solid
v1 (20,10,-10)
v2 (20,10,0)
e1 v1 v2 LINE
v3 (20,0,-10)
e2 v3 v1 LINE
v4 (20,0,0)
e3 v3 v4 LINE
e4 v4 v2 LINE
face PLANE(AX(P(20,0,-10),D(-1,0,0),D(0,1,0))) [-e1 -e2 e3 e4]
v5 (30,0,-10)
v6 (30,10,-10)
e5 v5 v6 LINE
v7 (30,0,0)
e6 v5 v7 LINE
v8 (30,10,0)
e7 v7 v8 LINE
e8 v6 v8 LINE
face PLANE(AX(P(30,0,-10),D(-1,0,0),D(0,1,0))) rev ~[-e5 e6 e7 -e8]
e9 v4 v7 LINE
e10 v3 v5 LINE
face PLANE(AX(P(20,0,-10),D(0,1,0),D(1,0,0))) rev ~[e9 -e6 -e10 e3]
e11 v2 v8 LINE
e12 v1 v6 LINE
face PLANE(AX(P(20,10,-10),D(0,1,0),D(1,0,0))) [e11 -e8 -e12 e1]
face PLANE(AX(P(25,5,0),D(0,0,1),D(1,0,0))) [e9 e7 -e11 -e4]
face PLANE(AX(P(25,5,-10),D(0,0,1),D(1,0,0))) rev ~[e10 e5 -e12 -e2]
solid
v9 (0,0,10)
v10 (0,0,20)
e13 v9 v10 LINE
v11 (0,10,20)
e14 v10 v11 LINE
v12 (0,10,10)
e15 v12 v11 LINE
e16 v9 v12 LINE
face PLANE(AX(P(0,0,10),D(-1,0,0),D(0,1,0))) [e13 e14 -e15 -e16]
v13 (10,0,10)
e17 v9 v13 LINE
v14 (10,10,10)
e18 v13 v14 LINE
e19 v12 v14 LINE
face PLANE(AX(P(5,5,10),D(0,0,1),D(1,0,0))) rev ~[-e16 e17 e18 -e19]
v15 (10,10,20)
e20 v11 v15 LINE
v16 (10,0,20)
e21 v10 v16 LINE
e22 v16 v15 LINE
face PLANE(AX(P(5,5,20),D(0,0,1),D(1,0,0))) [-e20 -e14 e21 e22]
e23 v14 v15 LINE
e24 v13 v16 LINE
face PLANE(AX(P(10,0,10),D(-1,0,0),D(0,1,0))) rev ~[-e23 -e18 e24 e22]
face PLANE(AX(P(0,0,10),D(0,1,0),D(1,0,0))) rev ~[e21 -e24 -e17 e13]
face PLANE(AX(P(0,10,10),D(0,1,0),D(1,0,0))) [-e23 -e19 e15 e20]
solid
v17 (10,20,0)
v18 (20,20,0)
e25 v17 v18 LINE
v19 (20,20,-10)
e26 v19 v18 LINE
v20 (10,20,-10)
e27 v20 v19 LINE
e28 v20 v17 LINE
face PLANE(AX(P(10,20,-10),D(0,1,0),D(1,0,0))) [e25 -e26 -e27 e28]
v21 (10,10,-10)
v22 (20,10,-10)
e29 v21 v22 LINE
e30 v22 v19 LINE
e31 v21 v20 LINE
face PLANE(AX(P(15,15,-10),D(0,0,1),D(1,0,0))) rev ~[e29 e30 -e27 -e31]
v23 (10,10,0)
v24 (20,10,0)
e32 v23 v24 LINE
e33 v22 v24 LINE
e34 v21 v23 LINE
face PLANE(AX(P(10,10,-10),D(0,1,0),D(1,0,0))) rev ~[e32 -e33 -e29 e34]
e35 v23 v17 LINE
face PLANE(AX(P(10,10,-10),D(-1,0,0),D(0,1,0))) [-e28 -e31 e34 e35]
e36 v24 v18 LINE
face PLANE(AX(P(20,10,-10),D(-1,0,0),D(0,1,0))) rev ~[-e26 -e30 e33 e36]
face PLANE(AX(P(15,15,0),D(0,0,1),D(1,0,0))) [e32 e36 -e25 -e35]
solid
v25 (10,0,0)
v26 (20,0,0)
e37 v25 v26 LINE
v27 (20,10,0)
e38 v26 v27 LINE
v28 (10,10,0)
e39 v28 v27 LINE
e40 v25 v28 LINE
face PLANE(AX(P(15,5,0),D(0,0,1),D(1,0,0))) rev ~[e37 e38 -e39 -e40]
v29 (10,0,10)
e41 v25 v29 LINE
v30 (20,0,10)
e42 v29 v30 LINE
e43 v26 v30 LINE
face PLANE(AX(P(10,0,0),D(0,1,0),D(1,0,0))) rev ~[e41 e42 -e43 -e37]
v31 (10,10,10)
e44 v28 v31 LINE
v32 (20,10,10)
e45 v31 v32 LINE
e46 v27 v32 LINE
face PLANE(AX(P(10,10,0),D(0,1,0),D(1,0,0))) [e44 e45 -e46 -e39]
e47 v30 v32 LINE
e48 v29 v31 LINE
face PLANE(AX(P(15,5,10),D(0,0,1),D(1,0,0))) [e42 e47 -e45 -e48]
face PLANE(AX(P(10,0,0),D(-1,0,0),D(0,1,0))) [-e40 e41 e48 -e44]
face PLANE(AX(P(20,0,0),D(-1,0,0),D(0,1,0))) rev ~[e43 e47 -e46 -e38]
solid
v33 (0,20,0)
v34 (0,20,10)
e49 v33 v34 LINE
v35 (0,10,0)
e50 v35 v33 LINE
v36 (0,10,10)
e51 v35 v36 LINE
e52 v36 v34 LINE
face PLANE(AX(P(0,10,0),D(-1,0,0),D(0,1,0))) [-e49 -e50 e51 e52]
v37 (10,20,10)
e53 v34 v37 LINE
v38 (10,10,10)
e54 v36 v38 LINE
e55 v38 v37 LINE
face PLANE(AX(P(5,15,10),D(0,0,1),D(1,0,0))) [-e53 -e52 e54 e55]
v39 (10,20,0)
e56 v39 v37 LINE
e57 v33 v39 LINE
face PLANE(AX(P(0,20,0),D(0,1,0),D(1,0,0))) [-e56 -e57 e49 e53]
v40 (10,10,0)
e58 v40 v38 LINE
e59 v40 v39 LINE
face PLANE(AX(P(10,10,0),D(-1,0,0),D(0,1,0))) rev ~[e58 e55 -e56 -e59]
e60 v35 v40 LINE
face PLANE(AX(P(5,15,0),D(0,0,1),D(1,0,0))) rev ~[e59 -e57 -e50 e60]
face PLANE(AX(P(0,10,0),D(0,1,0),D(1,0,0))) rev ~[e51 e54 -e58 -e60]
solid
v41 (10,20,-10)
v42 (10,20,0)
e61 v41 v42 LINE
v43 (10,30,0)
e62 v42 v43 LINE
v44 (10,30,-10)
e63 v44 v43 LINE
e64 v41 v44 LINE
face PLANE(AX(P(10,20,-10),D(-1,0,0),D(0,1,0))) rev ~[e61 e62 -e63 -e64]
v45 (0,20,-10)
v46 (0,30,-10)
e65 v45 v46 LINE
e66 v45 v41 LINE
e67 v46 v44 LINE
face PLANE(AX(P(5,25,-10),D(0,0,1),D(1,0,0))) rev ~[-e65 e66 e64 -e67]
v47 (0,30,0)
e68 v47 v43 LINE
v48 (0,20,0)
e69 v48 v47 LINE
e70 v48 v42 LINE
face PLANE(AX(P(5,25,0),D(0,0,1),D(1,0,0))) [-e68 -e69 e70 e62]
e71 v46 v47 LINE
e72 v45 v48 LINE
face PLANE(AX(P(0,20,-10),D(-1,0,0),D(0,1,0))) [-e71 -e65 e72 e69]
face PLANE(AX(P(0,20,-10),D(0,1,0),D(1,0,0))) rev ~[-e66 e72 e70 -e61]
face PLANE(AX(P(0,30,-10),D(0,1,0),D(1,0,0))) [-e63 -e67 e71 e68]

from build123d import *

# Parameters (mm, degrees)
BOX_W        = 10
BOX_H        = 10
BOX_DEPTH    = 10
BOX001_W     = 10
BOX001_H     = 10
BOX001_DEPTH = 10
BOX002_W     = 10
BOX002_H     = 10
BOX002_DEPTH = 10
BOX003_W     = 10
BOX003_H     = 10
BOX003_DEPTH = 10
BOX004_W     = 10
BOX004_H     = 10
BOX004_DEPTH = 10
BOX005_W     = 10
BOX005_H     = 10
BOX005_DEPTH = 10


with BuildPart() as cub:
    # Box → Box (new body)
    with BuildSketch(Plane.XY.offset(10)):
        with Locations((5, 5)):
            Rectangle(BOX_W, BOX_H)
    extrude(amount=BOX_DEPTH)


with BuildPart() as cub001:
    # Box001 → Box001 (new body)
    with BuildSketch(Plane(origin=(10, 0, 0), x_dir=(1, 0, 0), z_dir=(0, 0, 1))):
        with Locations((5, 5)):
            Rectangle(BOX001_W, BOX001_H)
    extrude(amount=BOX001_DEPTH)


with BuildPart() as cub002:
    # Box002 → Box002 (new body)
    with BuildSketch(Plane(origin=(0, 10, 0), x_dir=(1, 0, 0), z_dir=(0, 0, 1))):
        with Locations((5, 5)):
            Rectangle(BOX002_W, BOX002_H)
    extrude(amount=BOX002_DEPTH)


with BuildPart() as cub003:
    # Box003 → Box003 (new body)
    with BuildSketch(Plane(origin=(20, 0, -10), x_dir=(1, 0, 0), z_dir=(0, 0, 1))):
        with Locations((5, 5)):
            Rectangle(BOX003_W, BOX003_H)
    extrude(amount=BOX003_DEPTH)


with BuildPart() as cub004:
    # Box004 → Box004 (new body)
    with BuildSketch(Plane(origin=(10, 10, -10), x_dir=(1, 0, 0), z_dir=(0, 0, 1))):
        with Locations((5, 5)):
            Rectangle(BOX004_W, BOX004_H)
    extrude(amount=BOX004_DEPTH)


with BuildPart() as cub005:
    # Box005 → Box005 (new body)
    with BuildSketch(Plane(origin=(0, 20, -10), x_dir=(1, 0, 0), z_dir=(0, 0, 1))):
        with Locations((5, 5)):
            Rectangle(BOX005_W, BOX005_H)
    extrude(amount=BOX005_DEPTH)


solid = Compound([cub.part, cub001.part, cub002.part, cub003.part, cub004.part, cub005.part])
